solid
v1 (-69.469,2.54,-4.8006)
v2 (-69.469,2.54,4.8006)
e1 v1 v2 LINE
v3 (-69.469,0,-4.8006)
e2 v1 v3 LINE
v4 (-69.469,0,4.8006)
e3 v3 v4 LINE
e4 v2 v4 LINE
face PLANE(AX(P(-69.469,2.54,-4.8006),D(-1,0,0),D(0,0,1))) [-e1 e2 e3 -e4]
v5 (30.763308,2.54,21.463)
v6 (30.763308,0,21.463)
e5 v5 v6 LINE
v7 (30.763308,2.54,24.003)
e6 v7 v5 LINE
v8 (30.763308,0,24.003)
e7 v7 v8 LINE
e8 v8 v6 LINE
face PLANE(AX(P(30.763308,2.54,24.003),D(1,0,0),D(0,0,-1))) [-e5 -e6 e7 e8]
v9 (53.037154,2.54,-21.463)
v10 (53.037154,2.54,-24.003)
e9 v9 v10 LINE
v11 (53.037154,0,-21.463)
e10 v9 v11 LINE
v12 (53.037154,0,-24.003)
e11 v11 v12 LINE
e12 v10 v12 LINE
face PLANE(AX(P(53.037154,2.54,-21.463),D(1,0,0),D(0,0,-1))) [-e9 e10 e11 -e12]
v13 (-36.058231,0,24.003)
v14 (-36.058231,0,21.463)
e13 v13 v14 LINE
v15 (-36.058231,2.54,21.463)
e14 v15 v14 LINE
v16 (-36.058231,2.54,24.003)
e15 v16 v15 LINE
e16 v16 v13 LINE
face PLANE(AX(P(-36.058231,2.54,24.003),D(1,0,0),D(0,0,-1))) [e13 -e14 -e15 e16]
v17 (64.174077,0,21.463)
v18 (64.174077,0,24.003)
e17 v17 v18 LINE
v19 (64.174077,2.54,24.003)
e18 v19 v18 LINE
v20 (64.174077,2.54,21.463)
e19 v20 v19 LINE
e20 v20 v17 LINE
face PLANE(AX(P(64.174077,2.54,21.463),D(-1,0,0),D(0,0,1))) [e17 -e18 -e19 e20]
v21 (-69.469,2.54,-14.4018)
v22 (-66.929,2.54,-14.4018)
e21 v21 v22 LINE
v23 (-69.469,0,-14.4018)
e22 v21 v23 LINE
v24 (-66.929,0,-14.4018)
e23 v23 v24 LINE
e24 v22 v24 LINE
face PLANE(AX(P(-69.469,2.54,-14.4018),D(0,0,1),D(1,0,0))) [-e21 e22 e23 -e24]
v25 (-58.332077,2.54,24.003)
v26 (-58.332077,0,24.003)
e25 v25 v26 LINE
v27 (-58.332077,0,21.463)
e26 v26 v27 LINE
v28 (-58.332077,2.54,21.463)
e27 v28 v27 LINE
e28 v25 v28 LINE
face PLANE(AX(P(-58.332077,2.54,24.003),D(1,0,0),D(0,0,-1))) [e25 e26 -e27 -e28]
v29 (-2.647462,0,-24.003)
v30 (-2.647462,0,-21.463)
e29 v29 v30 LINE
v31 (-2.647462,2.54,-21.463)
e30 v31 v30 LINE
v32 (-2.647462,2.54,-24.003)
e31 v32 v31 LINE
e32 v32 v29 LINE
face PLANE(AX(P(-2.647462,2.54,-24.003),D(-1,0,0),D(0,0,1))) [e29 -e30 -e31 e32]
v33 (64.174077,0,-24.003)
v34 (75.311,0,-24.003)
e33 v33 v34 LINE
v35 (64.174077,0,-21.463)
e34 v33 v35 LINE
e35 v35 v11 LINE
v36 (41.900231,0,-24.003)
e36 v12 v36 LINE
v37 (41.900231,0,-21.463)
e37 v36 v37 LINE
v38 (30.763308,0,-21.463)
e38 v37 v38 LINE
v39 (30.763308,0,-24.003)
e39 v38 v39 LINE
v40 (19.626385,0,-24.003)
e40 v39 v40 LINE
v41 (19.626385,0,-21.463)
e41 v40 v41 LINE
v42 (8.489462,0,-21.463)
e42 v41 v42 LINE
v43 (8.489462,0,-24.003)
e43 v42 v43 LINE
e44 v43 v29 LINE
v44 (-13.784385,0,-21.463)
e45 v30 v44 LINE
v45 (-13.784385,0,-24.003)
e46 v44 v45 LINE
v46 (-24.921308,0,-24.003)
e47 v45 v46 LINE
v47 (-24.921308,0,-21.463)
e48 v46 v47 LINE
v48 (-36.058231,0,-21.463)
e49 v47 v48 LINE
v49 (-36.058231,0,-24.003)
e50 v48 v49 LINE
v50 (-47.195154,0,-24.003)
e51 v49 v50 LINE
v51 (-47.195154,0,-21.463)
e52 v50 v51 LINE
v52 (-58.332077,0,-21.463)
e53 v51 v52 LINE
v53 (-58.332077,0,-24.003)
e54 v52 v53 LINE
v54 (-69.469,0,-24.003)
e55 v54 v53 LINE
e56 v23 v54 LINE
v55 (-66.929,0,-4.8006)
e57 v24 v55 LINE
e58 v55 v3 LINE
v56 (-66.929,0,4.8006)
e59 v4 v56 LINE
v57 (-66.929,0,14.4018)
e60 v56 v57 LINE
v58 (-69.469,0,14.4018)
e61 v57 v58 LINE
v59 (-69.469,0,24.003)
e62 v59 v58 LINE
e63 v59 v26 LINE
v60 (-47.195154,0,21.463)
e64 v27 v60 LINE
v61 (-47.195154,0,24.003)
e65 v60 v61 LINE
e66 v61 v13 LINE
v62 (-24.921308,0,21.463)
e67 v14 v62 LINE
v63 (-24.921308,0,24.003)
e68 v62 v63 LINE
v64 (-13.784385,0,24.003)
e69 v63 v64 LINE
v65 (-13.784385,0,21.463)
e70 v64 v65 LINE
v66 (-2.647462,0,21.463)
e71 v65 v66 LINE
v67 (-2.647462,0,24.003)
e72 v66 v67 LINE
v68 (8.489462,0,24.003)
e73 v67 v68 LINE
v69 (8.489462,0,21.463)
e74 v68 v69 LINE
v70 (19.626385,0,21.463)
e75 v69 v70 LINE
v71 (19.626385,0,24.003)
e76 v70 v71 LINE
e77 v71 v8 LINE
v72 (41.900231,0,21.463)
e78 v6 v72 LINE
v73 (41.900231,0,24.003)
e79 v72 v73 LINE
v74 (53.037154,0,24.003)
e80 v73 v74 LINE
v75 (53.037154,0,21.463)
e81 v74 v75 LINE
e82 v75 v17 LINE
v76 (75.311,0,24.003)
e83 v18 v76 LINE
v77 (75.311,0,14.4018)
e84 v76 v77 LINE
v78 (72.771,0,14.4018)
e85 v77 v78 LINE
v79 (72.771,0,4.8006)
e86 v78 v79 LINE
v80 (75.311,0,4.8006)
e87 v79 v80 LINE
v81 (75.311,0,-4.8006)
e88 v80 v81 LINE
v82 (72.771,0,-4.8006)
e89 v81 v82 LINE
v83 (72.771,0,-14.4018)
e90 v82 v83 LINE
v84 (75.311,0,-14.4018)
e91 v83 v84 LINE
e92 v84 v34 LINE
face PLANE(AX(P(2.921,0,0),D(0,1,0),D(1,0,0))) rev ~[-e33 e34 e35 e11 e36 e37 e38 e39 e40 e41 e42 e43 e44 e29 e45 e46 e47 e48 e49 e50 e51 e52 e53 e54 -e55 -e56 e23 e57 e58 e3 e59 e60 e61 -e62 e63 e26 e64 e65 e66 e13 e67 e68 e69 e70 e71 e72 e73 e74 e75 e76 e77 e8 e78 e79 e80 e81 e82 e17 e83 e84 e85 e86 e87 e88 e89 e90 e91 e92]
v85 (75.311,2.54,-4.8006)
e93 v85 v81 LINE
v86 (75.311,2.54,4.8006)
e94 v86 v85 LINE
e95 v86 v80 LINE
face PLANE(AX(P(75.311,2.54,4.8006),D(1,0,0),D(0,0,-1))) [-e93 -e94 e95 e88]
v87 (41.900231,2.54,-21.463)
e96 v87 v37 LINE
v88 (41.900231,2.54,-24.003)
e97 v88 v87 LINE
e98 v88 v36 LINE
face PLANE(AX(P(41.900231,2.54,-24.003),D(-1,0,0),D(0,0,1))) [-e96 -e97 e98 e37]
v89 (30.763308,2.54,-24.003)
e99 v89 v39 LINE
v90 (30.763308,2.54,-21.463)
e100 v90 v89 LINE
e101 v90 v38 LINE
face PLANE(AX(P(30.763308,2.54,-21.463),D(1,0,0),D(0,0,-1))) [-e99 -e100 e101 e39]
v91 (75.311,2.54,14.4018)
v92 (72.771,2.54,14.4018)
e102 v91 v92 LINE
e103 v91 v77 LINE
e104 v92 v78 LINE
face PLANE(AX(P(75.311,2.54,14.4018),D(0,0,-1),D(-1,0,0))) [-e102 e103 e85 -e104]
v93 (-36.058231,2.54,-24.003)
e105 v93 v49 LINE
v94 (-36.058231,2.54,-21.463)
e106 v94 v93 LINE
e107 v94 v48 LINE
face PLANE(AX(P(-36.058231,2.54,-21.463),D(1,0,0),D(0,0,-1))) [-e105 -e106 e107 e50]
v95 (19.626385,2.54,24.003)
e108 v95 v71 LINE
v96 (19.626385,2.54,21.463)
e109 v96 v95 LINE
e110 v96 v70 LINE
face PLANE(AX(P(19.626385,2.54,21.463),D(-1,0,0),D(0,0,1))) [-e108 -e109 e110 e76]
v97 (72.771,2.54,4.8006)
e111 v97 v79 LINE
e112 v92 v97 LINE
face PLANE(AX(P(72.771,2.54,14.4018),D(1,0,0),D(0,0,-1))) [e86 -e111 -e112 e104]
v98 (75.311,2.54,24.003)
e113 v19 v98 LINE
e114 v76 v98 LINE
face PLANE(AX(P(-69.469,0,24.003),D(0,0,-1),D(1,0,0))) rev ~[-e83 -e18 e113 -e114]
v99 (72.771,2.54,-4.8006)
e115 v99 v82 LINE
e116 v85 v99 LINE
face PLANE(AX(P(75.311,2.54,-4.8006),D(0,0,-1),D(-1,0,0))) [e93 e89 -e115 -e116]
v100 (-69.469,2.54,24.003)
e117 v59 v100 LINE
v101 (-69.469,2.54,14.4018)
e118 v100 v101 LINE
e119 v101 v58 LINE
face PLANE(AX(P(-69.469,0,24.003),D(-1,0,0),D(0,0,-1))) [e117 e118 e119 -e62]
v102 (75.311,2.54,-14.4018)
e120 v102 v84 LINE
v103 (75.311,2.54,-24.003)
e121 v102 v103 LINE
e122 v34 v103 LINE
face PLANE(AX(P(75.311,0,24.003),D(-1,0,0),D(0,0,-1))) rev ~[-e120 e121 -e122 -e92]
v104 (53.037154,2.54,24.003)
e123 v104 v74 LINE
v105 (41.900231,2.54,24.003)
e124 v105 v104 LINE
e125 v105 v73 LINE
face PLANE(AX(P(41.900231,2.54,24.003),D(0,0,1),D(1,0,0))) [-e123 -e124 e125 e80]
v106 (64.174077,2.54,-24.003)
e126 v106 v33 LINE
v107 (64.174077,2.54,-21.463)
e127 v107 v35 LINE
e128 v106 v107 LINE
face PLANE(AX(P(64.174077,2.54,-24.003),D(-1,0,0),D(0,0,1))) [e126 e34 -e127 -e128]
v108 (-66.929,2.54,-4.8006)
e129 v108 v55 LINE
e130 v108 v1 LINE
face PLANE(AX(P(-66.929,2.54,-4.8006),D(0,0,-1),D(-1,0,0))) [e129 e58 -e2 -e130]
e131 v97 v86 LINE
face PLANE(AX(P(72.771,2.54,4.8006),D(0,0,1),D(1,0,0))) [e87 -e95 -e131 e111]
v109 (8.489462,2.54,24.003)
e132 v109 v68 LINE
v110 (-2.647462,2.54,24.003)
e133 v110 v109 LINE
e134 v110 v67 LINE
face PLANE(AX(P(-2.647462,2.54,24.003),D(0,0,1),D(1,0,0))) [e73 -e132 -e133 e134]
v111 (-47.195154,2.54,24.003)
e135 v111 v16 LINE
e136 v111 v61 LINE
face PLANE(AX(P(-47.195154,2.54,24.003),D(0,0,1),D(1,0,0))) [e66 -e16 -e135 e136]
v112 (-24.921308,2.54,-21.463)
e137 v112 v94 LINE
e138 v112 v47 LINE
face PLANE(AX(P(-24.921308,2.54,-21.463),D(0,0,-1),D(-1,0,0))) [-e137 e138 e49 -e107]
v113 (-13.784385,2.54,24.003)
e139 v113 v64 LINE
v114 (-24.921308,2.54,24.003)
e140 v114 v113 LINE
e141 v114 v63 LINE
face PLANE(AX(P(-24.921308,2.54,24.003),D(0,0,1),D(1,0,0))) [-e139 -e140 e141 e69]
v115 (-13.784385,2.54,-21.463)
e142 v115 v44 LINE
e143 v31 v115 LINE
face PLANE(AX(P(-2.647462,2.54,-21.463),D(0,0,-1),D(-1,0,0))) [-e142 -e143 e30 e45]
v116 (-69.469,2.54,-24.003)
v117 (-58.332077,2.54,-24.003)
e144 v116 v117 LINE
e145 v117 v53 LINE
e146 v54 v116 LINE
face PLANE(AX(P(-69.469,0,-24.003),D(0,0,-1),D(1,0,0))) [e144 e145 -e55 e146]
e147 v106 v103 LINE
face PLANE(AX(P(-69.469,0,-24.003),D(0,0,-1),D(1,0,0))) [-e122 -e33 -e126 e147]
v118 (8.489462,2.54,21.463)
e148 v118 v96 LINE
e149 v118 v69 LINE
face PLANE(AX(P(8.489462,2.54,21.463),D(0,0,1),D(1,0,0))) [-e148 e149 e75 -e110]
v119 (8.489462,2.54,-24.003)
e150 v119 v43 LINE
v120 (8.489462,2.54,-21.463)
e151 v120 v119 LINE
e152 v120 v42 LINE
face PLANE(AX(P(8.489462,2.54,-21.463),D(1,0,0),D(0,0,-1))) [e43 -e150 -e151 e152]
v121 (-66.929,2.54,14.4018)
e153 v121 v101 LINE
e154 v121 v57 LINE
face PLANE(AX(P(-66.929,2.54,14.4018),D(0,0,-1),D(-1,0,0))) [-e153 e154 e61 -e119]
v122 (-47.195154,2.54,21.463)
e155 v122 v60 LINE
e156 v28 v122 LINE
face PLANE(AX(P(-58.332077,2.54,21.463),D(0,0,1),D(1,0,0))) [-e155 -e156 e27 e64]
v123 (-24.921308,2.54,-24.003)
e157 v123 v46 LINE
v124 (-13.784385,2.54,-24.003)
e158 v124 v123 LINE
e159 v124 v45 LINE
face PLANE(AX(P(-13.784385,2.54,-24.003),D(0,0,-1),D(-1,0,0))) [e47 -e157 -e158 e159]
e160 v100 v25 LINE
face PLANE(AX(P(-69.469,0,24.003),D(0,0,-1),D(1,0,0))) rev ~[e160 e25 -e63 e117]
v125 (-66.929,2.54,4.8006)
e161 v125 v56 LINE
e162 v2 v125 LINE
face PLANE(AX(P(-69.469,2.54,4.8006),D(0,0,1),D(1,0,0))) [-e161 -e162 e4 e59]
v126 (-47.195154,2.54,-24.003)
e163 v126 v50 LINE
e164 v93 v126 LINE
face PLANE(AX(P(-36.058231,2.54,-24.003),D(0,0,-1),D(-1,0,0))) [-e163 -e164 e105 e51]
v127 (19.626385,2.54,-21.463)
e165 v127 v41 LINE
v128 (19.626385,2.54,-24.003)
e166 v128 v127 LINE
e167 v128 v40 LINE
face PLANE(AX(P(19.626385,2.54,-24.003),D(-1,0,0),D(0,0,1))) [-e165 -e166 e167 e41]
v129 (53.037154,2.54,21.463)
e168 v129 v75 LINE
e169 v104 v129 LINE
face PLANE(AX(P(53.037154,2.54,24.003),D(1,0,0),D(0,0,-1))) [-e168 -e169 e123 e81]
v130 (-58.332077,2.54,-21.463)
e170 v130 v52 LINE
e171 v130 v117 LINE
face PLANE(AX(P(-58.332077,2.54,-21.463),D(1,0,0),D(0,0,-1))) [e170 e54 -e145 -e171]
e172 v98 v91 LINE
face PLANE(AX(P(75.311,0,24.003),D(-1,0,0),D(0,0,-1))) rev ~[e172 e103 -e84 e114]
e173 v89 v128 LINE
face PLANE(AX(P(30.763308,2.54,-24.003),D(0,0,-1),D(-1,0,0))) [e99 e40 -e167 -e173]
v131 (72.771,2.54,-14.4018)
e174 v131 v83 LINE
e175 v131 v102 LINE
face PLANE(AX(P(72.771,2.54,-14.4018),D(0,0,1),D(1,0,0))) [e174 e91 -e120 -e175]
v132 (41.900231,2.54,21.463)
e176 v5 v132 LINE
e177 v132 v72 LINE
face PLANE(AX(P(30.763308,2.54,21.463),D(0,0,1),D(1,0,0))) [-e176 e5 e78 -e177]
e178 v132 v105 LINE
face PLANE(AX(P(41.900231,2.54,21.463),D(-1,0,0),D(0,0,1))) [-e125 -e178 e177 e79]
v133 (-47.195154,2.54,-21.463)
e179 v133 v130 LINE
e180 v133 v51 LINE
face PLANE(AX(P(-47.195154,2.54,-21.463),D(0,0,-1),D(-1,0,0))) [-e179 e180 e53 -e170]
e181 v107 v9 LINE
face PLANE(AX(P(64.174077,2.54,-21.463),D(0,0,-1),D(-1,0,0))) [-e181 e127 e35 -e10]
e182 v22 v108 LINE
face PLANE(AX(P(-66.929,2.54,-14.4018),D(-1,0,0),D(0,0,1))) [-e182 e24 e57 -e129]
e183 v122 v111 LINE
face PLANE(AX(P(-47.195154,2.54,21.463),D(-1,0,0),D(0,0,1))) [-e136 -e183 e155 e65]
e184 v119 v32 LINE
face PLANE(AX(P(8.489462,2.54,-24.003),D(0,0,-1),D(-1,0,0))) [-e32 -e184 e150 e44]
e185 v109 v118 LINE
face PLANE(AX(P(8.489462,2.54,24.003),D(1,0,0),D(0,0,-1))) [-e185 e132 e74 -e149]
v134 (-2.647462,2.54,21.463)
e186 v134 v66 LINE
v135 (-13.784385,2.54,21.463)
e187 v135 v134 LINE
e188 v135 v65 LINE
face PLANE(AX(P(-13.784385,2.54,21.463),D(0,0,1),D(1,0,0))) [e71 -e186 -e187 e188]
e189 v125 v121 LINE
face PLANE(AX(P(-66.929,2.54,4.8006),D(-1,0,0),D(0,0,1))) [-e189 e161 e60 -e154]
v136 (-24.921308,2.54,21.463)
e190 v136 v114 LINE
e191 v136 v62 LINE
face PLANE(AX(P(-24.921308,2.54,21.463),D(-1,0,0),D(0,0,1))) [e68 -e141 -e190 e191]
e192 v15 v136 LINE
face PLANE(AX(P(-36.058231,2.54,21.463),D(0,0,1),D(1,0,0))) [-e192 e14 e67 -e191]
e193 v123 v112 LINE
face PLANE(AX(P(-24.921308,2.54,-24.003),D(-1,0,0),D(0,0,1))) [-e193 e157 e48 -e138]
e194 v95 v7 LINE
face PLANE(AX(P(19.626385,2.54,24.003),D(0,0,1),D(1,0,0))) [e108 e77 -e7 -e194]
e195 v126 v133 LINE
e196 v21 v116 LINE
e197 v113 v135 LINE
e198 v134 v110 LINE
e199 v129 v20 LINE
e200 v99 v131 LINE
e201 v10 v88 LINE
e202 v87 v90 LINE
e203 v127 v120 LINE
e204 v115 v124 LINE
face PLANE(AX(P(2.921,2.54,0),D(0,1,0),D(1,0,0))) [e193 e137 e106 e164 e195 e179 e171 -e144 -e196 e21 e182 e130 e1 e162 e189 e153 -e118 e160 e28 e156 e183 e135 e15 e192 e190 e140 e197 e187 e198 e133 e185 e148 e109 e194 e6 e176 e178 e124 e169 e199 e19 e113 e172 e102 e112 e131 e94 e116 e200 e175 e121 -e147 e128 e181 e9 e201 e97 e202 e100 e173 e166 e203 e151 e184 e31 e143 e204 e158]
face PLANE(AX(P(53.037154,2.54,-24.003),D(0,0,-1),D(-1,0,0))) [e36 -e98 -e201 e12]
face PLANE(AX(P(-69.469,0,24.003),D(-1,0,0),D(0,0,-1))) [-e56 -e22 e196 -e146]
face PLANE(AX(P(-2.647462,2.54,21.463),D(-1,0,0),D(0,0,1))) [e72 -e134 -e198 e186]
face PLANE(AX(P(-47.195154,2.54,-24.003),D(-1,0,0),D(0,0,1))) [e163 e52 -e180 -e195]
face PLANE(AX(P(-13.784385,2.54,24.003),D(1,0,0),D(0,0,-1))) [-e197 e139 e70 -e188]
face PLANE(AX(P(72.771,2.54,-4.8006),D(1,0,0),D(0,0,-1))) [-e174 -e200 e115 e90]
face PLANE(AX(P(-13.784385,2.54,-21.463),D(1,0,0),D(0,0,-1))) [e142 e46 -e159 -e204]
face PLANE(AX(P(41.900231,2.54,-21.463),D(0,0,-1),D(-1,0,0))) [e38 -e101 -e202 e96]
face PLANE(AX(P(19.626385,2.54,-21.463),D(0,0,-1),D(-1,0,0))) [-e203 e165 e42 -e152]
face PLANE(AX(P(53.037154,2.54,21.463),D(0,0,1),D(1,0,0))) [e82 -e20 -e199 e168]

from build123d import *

# Parameters (mm, degrees)
SKETCH1_W           = 144.78
SKETCH1_H           = 48.006
BOSS_EXTRUDE1_DEPTH = 2.54
SKETCH2_OUTSIDE_W   = 177.29
SKETCH2_OUTSIDE_H   = 80.516
CUT_EXTRUDE1_DEPTH  = 2.54


with BuildPart() as part:
    # Sketch1 → Boss-Extrude1 (new body)
    with BuildSketch(Plane(origin=(0, 0, 0), x_dir=(1, 0, 0), z_dir=(0, 1, 0))):
        with Locations((2.921, 0)):
            Rectangle(SKETCH1_W, SKETCH1_H)
    extrude(amount=BOSS_EXTRUDE1_DEPTH)

    # Sketch2 outside → Cut-Extrude1 (cut)
    with BuildSketch(Plane(origin=(0, 2.54, 0), x_dir=(1, 0, 0), z_dir=(0, 1, 0))):
        with Locations((2.921, 0)):
            Rectangle(SKETCH2_OUTSIDE_W, SKETCH2_OUTSIDE_H)
        Polygon((-69.469, 24.003), (-69.469, 14.4018), (-66.929, 14.4018), (-66.929, 4.8006), (-69.469, 4.8006), (-69.469, -4.8006), (-66.929, -4.8006), (-66.929, -14.4018), (-69.469, -14.4018), (-69.469, -24.003), (-58.332076923, -24.003), (-58.332076923, -21.463), (-47.195153846, -21.463), (-47.195153846, -24.003), (-36.058230769, -24.003), (-36.058230769, -21.463), (-24.921307692, -21.463), (-24.921307692, -24.003), (-13.784384615, -24.003), (-13.784384615, -21.463), (-2.647461538, -21.463), (-2.647461538, -24.003), (8.489461538, -24.003), (8.489461538, -21.463), (19.626384615, -21.463), (19.626384615, -24.003), (30.763307692, -24.003), (30.763307692, -21.463), (41.900230769, -21.463), (41.900230769, -24.003), (53.037153846, -24.003), (53.037153846, -21.463), (64.174076923, -21.463), (64.174076923, -24.003), (75.311, -24.003), (75.311, -14.4018), (72.771, -14.4018), (72.771, -4.8006), (75.311, -4.8006), (75.311, 4.8006), (72.771, 4.8006), (72.771, 14.4018), (75.311, 14.4018), (75.311, 24.003), (64.174076923, 24.003), (64.174076923, 21.463), (53.037153846, 21.463), (53.037153846, 24.003), (41.900230769, 24.003), (41.900230769, 21.463), (30.763307692, 21.463), (30.763307692, 24.003), (19.626384615, 24.003), (19.626384615, 21.463), (8.489461538, 21.463), (8.489461538, 24.003), (-2.647461538, 24.003), (-2.647461538, 21.463), (-13.784384615, 21.463), (-13.784384615, 24.003), (-24.921307692, 24.003), (-24.921307692, 21.463), (-36.058230769, 21.463), (-36.058230769, 24.003), (-47.195153846, 24.003), (-47.195153846, 21.463), (-58.332076923, 21.463), (-58.332076923, 24.003), align=None, mode=Mode.SUBTRACT)
    extrude(amount=-CUT_EXTRUDE1_DEPTH, mode=Mode.SUBTRACT)


solid = part.part
